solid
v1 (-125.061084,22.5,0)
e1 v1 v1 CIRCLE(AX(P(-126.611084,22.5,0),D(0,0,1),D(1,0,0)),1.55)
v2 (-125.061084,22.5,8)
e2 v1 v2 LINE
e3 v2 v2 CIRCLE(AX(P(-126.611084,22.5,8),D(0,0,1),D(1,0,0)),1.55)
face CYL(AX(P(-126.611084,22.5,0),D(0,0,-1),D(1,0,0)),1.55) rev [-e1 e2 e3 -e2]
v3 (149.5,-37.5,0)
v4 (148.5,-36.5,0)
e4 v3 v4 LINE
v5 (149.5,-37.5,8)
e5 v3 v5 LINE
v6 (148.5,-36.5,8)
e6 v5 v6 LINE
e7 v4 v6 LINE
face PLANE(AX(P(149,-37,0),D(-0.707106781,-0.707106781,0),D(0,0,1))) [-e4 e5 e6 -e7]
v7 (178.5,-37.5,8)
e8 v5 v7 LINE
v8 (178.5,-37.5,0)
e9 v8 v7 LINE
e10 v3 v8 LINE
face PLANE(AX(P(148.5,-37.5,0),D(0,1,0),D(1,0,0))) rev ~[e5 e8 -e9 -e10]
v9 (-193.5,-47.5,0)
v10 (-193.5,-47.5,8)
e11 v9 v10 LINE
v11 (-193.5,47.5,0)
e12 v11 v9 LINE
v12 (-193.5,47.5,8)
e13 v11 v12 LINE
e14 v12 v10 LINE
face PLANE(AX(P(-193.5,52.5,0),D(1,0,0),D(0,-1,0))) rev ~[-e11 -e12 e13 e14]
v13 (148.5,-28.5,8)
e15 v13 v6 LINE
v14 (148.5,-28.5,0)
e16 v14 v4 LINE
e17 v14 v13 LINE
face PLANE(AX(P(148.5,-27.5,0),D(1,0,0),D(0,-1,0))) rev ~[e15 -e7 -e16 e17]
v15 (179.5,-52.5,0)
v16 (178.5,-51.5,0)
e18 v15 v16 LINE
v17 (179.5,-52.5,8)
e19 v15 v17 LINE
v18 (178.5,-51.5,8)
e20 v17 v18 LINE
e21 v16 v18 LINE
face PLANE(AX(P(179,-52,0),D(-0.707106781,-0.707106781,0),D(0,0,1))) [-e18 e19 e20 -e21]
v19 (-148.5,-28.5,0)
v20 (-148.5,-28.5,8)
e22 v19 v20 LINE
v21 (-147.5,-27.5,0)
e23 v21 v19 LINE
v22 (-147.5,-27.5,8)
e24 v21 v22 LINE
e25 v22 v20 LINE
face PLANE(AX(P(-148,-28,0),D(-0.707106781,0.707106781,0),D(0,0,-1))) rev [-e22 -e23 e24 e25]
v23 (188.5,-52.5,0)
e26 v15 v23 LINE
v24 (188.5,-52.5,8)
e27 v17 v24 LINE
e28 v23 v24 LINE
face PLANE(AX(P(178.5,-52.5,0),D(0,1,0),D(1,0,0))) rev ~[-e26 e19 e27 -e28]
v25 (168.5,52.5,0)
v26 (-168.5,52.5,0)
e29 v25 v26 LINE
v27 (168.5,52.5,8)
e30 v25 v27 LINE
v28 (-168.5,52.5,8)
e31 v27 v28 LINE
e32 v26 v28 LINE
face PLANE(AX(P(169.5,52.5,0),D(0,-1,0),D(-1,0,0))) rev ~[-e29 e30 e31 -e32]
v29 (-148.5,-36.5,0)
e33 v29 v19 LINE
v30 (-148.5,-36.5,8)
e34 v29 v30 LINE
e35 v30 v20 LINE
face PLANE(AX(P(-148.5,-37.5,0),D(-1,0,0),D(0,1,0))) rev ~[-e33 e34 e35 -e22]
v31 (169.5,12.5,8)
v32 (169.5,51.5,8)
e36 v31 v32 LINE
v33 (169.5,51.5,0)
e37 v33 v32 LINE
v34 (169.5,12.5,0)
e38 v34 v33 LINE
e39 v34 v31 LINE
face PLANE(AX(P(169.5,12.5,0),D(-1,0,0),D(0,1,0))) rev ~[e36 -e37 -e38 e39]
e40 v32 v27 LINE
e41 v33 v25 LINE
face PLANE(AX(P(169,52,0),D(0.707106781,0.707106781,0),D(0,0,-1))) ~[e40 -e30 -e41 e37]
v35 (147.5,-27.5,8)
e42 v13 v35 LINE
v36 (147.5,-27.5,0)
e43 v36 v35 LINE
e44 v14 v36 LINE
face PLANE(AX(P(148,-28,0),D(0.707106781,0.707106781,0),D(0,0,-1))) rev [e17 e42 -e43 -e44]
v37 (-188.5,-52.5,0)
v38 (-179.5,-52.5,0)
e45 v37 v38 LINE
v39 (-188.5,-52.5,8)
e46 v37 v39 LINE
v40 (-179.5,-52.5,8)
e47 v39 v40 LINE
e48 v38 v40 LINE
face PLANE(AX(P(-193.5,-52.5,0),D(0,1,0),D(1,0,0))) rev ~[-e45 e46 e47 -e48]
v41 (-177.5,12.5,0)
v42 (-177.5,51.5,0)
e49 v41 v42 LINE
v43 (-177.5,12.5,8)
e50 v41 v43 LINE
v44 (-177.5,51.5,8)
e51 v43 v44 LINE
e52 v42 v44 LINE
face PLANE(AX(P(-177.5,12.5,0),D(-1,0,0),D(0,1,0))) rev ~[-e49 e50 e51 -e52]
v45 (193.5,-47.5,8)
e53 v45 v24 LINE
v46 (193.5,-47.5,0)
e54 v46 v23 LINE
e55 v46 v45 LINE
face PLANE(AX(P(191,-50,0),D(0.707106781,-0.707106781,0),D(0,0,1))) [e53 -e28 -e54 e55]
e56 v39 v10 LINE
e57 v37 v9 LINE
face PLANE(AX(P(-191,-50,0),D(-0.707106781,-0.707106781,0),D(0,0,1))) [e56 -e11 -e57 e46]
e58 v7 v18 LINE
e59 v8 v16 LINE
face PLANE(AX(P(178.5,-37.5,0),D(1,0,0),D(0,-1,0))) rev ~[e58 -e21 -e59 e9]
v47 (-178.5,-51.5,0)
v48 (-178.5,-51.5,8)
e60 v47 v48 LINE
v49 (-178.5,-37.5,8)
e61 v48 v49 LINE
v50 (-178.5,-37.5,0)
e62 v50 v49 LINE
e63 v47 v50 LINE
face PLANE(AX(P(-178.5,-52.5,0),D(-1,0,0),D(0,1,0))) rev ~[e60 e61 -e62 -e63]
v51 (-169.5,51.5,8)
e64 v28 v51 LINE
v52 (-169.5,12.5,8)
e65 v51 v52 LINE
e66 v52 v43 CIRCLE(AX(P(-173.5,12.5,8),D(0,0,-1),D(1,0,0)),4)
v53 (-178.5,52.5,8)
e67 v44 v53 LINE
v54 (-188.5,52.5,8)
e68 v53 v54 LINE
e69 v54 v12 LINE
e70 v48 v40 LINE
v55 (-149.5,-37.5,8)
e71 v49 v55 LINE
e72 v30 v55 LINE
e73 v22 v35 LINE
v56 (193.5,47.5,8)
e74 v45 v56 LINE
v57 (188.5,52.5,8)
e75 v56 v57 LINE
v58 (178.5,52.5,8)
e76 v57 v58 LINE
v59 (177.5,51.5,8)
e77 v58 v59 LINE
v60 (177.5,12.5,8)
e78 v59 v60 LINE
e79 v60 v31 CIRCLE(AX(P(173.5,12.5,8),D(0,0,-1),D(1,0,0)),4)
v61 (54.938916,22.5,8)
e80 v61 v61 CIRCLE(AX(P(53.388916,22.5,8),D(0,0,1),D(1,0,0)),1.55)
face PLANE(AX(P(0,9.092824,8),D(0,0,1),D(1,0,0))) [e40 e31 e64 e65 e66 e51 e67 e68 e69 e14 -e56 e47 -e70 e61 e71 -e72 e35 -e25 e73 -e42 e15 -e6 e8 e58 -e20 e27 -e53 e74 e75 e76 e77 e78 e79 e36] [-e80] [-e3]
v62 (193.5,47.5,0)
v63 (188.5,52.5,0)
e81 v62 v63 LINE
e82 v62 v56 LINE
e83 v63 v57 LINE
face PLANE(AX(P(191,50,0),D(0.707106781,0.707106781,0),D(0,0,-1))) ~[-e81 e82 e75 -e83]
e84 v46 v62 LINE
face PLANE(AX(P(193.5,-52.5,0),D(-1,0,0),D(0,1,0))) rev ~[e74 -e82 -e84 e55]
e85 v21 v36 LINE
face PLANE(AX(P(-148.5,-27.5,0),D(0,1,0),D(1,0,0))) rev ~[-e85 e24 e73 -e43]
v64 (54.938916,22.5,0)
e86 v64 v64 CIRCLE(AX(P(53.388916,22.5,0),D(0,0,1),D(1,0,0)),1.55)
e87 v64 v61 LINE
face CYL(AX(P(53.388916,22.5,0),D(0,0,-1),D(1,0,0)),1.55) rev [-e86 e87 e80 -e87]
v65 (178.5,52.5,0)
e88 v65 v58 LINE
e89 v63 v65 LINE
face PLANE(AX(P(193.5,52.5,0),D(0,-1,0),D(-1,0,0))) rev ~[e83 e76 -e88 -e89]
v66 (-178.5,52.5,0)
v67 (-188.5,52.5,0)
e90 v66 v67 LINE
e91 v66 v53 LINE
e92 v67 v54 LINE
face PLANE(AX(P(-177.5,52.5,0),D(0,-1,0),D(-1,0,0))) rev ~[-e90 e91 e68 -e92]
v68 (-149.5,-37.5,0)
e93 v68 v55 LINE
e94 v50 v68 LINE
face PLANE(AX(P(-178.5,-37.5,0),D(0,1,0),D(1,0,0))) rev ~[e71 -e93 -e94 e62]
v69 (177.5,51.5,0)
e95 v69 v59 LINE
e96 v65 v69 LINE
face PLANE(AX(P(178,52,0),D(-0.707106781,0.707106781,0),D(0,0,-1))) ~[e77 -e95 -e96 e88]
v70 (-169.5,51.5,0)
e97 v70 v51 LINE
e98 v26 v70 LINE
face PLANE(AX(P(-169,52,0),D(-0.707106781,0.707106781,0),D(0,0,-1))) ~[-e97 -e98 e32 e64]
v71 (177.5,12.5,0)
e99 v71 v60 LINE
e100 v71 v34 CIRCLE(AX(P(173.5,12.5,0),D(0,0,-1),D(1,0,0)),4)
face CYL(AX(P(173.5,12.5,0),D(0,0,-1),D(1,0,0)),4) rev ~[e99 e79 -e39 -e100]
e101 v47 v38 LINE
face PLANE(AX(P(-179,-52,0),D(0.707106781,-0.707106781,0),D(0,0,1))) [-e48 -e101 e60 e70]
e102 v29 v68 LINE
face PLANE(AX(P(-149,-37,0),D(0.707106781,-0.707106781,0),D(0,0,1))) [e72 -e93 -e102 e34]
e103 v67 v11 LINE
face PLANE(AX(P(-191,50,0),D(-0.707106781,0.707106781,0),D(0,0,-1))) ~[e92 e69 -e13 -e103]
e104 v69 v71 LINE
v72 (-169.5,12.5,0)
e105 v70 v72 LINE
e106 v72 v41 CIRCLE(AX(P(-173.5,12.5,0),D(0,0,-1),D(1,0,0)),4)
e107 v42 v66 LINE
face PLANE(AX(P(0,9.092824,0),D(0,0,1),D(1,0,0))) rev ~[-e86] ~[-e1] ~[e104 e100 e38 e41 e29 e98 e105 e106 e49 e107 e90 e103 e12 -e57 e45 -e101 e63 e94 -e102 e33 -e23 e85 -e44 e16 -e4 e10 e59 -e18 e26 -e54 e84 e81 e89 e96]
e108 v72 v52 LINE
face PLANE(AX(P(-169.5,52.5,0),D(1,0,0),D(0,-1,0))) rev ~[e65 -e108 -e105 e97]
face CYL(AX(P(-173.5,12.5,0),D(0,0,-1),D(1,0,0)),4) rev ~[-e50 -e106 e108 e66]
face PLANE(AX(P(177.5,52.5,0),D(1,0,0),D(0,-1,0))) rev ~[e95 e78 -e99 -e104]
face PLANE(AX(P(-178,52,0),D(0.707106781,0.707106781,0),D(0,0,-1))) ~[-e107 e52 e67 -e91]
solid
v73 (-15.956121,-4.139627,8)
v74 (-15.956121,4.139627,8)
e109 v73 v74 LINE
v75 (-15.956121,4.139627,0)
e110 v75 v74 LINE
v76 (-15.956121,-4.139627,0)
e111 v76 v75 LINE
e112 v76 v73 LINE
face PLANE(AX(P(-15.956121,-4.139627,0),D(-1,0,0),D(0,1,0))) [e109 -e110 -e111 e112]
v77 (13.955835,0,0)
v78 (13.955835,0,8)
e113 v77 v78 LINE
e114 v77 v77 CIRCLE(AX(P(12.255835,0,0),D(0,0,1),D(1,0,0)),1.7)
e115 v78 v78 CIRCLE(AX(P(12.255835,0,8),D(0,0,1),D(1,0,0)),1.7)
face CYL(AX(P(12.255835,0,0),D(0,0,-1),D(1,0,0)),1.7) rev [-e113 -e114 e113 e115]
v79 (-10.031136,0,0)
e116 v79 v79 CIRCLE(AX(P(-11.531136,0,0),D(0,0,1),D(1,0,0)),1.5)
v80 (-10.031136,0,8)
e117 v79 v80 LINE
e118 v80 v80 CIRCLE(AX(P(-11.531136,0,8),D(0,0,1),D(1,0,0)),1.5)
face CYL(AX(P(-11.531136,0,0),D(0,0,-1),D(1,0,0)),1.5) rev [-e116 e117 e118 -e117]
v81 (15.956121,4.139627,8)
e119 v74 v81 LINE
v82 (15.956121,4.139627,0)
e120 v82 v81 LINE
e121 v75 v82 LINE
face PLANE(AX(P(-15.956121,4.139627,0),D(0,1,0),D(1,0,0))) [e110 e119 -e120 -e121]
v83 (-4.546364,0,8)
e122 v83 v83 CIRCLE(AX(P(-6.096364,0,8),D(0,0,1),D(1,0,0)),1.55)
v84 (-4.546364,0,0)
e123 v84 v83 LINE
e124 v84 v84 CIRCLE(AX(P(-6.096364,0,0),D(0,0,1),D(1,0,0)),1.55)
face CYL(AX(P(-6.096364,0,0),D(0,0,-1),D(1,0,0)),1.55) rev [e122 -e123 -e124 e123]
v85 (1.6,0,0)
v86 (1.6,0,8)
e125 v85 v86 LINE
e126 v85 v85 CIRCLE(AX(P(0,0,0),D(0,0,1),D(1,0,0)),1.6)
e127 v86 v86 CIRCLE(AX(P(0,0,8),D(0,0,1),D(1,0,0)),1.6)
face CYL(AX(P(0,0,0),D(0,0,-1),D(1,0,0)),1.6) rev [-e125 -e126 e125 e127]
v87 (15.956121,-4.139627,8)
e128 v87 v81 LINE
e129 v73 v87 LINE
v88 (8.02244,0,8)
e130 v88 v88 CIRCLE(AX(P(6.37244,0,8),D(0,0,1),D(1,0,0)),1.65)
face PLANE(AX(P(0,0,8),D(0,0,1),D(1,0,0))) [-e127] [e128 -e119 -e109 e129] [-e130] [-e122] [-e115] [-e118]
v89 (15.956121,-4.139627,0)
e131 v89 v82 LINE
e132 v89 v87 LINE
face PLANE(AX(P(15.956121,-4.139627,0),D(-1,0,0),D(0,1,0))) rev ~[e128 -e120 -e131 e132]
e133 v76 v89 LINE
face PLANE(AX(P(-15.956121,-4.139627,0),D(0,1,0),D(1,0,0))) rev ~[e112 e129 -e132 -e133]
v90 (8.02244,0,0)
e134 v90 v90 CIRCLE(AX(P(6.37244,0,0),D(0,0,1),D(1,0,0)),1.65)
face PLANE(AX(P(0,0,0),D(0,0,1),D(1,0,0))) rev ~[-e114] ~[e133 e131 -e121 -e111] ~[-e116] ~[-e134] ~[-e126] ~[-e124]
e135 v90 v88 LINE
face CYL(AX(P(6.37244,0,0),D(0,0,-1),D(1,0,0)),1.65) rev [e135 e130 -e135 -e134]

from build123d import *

# Parameters (mm, degrees)
F0_R     = 1.55
F1_DEPTH = 8
F2_SIZE  = 5
F3_W     = 31.912242
F3_H     = 8.279254
F3_R     = 1.5
F3_R_2   = 1.55
F3_R_3   = 1.6
F3_R_4   = 1.65
F3_R_5   = 1.7
F4_DEPTH = 8
F5_SIZE  = 1


with BuildPart() as f1:
    # F0 (on Top) → F1 (new body)
    with BuildSketch(Plane.XY):
        with BuildLine():
            Line((193.5, -52.5), (193.5, 52.5))
            Line((193.5, 52.5), (177.5, 52.5))
            Line((177.5, 52.5), (177.5, 12.5))
            ThreePointArc((177.5, 12.5), (173.5, 8.5), (169.5, 12.5))
            Line((169.5, 12.5), (169.5, 52.5))
            Line((169.5, 52.5), (-169.5, 52.5))
            Line((-169.5, 52.5), (-169.5, 12.5))
            ThreePointArc((-169.5, 12.5), (-173.5, 8.5), (-177.5, 12.5))
            Line((-177.5, 12.5), (-177.5, 52.5))
            Line((-177.5, 52.5), (-193.5, 52.5))
            Line((-193.5, 52.5), (-193.5, -52.5))
            Line((-193.5, -52.5), (-178.5, -52.5))
            Line((-178.5, -52.5), (-178.5, -37.5))
            Line((-178.5, -37.5), (-148.5, -37.5))
            Line((-148.5, -37.5), (-148.5, -27.5))
            Line((-148.5, -27.5), (148.5, -27.5))
            Line((148.5, -27.5), (148.5, -37.5))
            Line((148.5, -37.5), (178.5, -37.5))
            Line((178.5, -37.5), (178.5, -52.5))
            Line((178.5, -52.5), (193.5, -52.5))
        make_face()
        with Locations((-126.611084, 22.5)):
            Circle(F0_R, mode=Mode.SUBTRACT)
        with Locations((53.388916, 22.5)):
            Circle(F0_R, mode=Mode.SUBTRACT)
    extrude(amount=F1_DEPTH)

    # F2
    f2_edges = [f1.edges().sort_by_distance(p)[0] for p in [
        (-193.5, 52.5, 4),
        (-193.5, -52.5, 4),
        (193.5, -52.5, 4),
        (193.5, 52.5, 4),
    ]]
    chamfer(f2_edges, length=F2_SIZE)

    # F5
    f5_edges = [f1.edges().sort_by_distance(p)[0] for p in [
        (-178.5, -52.5, 4),
        (178.5, -52.5, 4),
        (177.5, 52.5, 4),
        (169.5, 52.5, 4),
        (-177.5, 52.5, 4),
        (-169.5, 52.5, 4),
        (-148.5, -27.5, 4),
        (148.5, -27.5, 4),
        (148.5, -37.5, 4),
        (-148.5, -37.5, 4),
    ]]
    chamfer(f5_edges, length=F5_SIZE)


with BuildPart() as f4:
    # F3 (on Top) → F4 (new body)
    with BuildSketch(Plane.XY):
        Rectangle(F3_W, F3_H)
        with Locations((-11.531136, 0)):
            Circle(F3_R, mode=Mode.SUBTRACT)
        with Locations((-6.096364, 0)):
            Circle(F3_R_2, mode=Mode.SUBTRACT)
        Circle(F3_R_3, mode=Mode.SUBTRACT)
        with Locations((6.37244, 0)):
            Circle(F3_R_4, mode=Mode.SUBTRACT)
        with Locations((12.255835, 0)):
            Circle(F3_R_5, mode=Mode.SUBTRACT)
    extrude(amount=F4_DEPTH)


solid = Compound([f1.part, f4.part])
